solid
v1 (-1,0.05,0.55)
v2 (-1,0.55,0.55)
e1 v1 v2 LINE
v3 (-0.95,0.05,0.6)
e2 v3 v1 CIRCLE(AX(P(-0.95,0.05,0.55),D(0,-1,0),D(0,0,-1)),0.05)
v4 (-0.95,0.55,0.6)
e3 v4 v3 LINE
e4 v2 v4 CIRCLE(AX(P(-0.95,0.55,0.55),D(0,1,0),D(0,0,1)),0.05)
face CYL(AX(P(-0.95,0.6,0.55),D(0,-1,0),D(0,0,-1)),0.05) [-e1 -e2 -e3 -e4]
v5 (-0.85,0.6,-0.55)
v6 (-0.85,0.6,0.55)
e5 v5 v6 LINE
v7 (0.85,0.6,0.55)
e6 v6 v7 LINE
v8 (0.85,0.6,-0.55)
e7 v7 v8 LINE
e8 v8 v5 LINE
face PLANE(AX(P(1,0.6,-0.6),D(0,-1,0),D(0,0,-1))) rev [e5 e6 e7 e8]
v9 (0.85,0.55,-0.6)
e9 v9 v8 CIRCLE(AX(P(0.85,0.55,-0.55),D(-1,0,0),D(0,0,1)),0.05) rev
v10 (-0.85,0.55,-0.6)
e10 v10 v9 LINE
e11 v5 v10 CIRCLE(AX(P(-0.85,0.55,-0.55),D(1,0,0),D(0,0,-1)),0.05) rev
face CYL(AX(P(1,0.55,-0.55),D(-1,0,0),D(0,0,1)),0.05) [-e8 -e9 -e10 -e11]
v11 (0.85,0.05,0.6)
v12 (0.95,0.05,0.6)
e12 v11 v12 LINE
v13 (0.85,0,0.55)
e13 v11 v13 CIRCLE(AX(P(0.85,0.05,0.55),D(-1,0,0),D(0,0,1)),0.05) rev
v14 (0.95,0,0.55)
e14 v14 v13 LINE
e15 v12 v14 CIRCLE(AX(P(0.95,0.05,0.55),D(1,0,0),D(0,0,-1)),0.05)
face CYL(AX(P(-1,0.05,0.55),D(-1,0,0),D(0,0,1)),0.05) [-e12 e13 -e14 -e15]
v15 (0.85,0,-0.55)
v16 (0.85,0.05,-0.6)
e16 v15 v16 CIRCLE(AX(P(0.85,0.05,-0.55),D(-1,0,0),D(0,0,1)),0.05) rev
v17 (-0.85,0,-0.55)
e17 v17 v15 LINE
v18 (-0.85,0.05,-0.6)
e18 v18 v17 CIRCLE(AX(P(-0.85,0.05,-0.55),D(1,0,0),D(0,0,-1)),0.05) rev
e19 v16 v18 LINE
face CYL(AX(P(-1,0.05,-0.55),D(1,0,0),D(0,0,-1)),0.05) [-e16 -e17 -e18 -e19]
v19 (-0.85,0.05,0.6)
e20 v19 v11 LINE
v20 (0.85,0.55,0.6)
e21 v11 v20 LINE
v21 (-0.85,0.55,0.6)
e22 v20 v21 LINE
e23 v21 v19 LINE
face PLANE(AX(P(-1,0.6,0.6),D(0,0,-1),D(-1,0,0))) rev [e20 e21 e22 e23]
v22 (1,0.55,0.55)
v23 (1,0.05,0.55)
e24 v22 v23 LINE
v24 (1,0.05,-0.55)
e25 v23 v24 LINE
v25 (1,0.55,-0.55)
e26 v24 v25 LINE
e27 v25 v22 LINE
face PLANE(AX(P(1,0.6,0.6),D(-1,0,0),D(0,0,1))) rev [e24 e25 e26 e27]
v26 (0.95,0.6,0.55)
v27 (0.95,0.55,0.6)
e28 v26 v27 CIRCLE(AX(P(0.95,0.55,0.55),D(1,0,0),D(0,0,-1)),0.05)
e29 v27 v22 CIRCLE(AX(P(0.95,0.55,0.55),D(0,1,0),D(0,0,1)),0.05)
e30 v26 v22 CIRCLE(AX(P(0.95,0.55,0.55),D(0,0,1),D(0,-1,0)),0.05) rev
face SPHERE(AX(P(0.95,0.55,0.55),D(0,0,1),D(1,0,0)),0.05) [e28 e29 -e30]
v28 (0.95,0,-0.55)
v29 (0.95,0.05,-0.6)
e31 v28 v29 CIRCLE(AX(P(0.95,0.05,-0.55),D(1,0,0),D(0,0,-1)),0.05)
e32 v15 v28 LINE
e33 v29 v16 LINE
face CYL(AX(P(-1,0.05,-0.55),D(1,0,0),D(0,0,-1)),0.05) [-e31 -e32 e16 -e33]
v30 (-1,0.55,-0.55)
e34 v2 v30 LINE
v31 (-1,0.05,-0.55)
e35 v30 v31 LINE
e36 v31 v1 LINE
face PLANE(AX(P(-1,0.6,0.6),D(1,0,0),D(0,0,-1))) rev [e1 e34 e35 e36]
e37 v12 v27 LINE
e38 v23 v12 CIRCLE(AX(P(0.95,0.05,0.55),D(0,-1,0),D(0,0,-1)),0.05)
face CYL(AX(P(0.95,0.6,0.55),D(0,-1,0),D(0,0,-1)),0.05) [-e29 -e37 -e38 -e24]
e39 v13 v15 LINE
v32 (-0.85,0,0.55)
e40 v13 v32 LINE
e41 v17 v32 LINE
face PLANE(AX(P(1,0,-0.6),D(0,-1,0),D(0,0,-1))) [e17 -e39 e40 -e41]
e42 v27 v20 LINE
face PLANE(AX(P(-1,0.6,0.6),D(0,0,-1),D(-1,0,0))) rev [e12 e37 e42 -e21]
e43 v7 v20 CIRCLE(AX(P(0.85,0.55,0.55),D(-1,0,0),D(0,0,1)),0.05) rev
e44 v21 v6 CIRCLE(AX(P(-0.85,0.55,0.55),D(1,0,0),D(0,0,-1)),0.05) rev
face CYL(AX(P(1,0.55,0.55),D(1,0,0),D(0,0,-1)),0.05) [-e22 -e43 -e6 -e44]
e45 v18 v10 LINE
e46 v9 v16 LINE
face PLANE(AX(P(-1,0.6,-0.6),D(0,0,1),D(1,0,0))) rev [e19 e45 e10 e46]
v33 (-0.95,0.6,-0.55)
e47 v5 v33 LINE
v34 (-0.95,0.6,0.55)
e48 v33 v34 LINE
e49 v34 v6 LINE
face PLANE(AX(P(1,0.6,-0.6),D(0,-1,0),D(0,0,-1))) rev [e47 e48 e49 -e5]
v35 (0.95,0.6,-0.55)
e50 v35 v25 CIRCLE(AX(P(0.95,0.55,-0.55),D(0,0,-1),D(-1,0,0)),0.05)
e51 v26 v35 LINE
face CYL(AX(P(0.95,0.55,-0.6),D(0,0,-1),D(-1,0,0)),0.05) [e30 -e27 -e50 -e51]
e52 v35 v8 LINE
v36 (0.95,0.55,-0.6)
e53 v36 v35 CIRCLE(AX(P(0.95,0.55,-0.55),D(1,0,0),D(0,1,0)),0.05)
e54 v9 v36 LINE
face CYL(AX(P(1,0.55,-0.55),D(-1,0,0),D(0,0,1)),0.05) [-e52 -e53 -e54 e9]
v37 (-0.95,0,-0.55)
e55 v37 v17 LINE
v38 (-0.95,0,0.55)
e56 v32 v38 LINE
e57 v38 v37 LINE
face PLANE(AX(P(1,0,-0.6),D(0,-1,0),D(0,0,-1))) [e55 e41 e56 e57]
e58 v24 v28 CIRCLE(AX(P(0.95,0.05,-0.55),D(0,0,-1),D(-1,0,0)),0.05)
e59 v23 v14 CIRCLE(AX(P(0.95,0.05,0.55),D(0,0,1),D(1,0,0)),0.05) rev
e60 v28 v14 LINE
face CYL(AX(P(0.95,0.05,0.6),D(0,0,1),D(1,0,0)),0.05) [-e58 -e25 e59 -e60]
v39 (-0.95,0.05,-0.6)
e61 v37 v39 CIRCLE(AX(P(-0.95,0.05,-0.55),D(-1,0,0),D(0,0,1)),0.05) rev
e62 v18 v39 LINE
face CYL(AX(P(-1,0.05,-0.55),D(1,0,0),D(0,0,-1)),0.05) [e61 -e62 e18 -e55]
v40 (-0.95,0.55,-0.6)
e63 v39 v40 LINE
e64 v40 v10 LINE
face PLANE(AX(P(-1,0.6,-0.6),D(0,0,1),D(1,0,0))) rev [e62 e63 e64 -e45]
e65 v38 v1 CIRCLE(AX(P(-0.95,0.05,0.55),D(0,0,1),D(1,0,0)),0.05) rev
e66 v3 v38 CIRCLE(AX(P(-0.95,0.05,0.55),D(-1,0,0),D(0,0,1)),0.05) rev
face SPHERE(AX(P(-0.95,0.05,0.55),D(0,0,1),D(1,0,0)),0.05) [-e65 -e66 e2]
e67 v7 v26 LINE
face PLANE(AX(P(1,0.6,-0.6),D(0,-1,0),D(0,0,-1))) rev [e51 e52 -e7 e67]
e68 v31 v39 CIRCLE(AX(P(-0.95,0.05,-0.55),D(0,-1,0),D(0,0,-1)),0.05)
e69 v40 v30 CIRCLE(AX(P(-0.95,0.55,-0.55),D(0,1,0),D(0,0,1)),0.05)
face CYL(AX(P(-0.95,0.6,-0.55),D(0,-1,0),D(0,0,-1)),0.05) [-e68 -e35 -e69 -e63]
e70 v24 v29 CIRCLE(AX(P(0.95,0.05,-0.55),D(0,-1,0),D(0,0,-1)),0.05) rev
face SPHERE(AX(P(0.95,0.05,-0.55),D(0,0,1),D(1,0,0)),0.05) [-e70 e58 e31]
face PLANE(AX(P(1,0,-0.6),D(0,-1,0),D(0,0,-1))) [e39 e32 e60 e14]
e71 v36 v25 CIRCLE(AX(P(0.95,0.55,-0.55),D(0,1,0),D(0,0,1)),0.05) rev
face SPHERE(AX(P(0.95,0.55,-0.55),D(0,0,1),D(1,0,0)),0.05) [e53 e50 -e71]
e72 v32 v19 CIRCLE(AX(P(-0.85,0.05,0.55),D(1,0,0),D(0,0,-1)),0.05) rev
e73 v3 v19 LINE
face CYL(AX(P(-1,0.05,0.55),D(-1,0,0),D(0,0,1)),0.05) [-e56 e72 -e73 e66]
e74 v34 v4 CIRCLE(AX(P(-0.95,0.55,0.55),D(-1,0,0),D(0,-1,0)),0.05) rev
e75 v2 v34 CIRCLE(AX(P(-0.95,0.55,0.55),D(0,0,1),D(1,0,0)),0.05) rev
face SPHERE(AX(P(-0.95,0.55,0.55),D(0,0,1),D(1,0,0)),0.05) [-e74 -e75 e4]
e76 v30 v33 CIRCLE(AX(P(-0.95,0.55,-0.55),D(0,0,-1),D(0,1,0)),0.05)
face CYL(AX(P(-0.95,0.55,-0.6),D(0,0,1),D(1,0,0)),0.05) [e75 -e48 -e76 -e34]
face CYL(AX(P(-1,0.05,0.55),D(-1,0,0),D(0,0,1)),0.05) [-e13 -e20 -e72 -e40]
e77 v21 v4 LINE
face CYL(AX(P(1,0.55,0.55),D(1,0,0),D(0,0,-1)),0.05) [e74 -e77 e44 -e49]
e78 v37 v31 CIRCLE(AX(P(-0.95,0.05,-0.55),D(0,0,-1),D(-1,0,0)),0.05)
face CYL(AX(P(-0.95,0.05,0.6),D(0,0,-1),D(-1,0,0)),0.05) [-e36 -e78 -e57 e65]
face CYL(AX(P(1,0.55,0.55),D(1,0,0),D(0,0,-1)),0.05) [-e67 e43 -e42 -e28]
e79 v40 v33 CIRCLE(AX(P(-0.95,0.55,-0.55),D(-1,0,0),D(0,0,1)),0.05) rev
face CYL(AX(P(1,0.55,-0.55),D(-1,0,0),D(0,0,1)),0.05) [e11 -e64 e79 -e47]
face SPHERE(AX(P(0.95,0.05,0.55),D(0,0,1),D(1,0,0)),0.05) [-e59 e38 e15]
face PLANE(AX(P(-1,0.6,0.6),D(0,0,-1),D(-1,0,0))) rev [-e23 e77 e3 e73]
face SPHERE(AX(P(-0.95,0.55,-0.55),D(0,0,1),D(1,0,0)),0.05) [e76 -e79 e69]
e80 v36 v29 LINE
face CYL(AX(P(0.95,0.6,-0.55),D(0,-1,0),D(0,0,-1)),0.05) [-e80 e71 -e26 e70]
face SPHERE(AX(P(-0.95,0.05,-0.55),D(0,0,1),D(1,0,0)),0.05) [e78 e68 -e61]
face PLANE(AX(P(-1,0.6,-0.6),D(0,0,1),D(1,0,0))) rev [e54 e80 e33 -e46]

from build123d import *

# Parameters (mm, degrees)
SKETCH1_W      = 2
SKETCH1_H      = 1.2
EXTRUDE1_DEPTH = 0.6
FILLET1_R      = 0.05


with BuildPart() as part:
    # Sketch1 → Extrude1 (new body)
    with BuildSketch(Plane(origin=(0, 0, 0), x_dir=(1, 0, 0), z_dir=(0, 1, 0))):
        Rectangle(SKETCH1_W, SKETCH1_H)
    extrude(amount=EXTRUDE1_DEPTH)

    # Fillet1
    fillet1_edges = [part.edges().sort_by_distance(p)[0] for p in [
        (-1, 0.6, 0),
        (0, 0.6, 0.6),
        (1, 0.6, 0),
        (0, 0, 0.6),
        (-1, 0, 0),
        (0, 0, -0.6),
        (1, 0, 0),
        (0, 0.6, -0.6),
        (1, 0.3, 0.6),
        (-1, 0.3, 0.6),
        (-1, 0.3, -0.6),
        (1, 0.3, -0.6),
    ]]
    fillet(fillet1_edges, radius=FILLET1_R)


solid = part.part
